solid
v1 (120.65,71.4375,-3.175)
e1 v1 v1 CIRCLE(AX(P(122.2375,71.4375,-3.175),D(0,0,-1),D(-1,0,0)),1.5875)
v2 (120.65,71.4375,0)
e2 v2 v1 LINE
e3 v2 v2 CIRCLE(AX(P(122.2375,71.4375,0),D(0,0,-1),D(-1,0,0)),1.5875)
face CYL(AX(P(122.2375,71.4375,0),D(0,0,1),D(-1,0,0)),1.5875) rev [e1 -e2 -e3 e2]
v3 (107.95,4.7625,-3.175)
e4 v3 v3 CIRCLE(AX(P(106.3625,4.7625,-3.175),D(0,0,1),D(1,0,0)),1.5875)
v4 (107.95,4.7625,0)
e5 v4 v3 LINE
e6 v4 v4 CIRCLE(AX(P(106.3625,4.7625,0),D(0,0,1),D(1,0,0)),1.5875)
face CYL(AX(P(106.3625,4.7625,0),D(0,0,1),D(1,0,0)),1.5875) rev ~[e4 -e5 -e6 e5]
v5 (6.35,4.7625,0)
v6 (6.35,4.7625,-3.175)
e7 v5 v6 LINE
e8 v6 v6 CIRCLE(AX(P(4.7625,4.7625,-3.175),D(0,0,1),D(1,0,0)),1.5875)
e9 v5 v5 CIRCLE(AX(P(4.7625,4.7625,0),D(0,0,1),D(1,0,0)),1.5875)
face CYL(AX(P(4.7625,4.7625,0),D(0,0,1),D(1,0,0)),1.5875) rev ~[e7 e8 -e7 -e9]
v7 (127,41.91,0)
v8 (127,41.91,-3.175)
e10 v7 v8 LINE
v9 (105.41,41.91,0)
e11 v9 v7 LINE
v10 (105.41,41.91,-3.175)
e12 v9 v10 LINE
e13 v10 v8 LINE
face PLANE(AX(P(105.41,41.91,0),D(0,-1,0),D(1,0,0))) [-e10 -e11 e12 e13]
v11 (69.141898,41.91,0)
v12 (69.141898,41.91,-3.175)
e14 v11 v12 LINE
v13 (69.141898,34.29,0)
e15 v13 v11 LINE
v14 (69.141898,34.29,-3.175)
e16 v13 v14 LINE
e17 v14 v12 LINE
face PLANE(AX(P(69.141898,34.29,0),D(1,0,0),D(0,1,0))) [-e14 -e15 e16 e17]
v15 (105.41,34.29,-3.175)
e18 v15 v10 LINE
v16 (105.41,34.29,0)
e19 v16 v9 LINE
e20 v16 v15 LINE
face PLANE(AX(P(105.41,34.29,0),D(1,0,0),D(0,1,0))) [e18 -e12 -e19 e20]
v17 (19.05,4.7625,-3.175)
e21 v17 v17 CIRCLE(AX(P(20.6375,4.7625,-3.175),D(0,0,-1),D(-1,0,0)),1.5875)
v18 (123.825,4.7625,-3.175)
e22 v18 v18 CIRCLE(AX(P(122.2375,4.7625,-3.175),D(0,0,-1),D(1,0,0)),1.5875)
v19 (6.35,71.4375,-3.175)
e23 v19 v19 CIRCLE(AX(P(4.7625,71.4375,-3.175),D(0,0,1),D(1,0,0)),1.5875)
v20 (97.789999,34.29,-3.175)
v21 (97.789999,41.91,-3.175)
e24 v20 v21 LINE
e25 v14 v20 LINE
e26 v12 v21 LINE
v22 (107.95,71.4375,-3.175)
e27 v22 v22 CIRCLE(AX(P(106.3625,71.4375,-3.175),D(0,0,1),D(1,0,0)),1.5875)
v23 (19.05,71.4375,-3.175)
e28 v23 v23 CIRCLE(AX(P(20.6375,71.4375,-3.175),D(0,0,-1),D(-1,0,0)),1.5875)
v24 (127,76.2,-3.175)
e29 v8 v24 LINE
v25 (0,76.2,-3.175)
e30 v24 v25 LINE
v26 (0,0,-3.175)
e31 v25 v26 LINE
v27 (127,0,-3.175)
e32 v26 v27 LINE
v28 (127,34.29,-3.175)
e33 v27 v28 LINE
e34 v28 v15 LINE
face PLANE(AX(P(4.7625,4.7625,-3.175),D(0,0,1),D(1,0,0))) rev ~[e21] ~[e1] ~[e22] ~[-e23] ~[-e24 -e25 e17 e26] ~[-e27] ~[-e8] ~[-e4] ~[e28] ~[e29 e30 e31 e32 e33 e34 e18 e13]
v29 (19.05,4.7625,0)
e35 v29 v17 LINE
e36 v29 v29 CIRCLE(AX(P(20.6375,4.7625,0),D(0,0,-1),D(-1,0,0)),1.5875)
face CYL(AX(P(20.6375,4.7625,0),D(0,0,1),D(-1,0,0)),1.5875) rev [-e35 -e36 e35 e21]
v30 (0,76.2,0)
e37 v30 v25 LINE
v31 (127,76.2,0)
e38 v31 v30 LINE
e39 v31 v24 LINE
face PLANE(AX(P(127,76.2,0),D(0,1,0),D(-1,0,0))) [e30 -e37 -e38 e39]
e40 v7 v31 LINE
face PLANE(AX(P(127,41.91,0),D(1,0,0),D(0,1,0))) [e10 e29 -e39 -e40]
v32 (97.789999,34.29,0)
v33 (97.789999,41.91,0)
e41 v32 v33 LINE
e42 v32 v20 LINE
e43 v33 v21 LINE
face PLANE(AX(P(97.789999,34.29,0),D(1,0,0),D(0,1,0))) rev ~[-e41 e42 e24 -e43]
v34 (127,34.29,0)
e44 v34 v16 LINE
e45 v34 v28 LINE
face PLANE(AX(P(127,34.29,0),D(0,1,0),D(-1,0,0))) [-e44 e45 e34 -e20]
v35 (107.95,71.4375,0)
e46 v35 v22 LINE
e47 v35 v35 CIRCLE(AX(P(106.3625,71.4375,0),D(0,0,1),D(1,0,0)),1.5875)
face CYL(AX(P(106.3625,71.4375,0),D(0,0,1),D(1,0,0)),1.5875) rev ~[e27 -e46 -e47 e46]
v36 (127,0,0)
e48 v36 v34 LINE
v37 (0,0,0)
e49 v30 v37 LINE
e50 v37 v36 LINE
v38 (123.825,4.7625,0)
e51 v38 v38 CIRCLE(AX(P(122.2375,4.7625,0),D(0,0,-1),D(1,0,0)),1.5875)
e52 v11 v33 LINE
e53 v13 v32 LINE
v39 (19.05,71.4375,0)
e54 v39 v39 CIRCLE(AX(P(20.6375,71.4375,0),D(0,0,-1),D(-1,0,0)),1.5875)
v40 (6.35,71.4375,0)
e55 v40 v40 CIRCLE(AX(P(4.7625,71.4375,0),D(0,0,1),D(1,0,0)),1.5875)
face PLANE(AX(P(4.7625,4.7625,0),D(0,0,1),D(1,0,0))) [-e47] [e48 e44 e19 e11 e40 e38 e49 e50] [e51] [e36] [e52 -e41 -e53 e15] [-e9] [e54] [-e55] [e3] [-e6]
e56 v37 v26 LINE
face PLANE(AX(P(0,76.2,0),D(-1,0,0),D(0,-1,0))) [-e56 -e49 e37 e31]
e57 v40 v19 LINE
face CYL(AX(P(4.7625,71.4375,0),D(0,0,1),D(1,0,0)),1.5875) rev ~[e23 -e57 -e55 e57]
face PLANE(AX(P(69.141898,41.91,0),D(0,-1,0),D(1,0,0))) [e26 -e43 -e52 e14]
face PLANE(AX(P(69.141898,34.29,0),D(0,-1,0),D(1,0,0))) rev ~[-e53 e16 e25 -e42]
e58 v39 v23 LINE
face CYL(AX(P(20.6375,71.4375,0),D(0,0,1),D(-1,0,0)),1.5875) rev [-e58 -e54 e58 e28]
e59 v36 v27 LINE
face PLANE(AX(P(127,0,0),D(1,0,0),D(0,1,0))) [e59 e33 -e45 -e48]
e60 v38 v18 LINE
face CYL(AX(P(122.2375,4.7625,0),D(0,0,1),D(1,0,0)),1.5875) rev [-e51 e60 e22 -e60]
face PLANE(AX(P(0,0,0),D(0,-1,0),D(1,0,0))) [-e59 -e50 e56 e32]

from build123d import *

# Parameters (mm, degrees)
F0_R     = 1.5875
F0_W     = 28.648101
F0_H     = 7.62
F1_DEPTH = 3.175


with BuildPart() as f1:
    # F0 (on Top) → F1 (new body)
    with BuildSketch(Plane.XY):
        with Locations((4.7625, 4.7625)):
            Circle(F0_R)
        with BuildLine():
            ThreePointArc((22.225, 4.7625), (20.6375, 6.35), (19.05, 4.7625))
            ThreePointArc((19.05, 4.7625), (20.6375, 3.175), (22.225, 4.7625))
        make_face()
        with Locations((106.3625, 4.7625)):
            Circle(F0_R)
        with Locations((106.3625, 71.4375)):
            Circle(F0_R)
        with BuildLine():
            ThreePointArc((22.225, 71.4375), (20.6375, 73.025), (19.05, 71.4375))
            ThreePointArc((19.05, 71.4375), (20.6375, 69.85), (22.225, 71.4375))
        make_face()
        with Locations((4.7625, 71.4375)):
            Circle(F0_R)
        with BuildLine():
            Line((0, 76.2), (0, 0))
            Line((0, 0), (12.7, 0))
            Line((12.7, 0), (114.3, 0))
            Line((114.3, 0), (114.3, 4.7625))
            Line((114.3, 4.7625), (120.65, 4.7625))
            ThreePointArc((120.65, 4.7625), (122.2375, 6.35), (123.825, 4.7625))
            Line((123.825, 4.7625), (127, 4.7625))
            Line((127, 4.7625), (127, 34.29))
            Line((127, 34.29), (105.41, 34.29))
            Line((105.41, 34.29), (105.41, 41.91))
            Line((105.41, 41.91), (127, 41.91))
            Line((127, 41.91), (127, 71.4375))
            Line((127, 71.4375), (123.825, 71.4375))
            ThreePointArc((123.825, 71.4375), (122.2375, 69.85), (120.65, 71.4375))
            Line((120.65, 71.4375), (114.3, 71.4375))
            Line((114.3, 71.4375), (114.3, 76.2))
            Line((114.3, 76.2), (12.7, 76.2))
            Line((12.7, 76.2), (0, 76.2))
        make_face()
        with Locations((4.7625, 4.7625)):
            Circle(F0_R, mode=Mode.SUBTRACT)
        with BuildLine():
            ThreePointArc((22.225, 4.7625), (20.6375, 3.175), (19.05, 4.7625))
            ThreePointArc((19.05, 4.7625), (20.6375, 6.35), (22.225, 4.7625))
        make_face(mode=Mode.SUBTRACT)
        with Locations((106.3625, 4.7625)):
            Circle(F0_R, mode=Mode.SUBTRACT)
        with Locations((83.465949, 38.1)):
            Rectangle(F0_W, F0_H, mode=Mode.SUBTRACT)
        with Locations((4.7625, 71.4375)):
            Circle(F0_R, mode=Mode.SUBTRACT)
        with BuildLine():
            ThreePointArc((22.225, 71.4375), (20.6375, 69.85), (19.05, 71.4375))
            ThreePointArc((19.05, 71.4375), (20.6375, 73.025), (22.225, 71.4375))
        make_face(mode=Mode.SUBTRACT)
        with Locations((106.3625, 71.4375)):
            Circle(F0_R, mode=Mode.SUBTRACT)
        with BuildLine():
            Line((114.3, 4.7625), (114.3, 0))
            Line((114.3, 0), (127, 0))
            Line((127, 0), (127, 4.7625))
            Line((127, 4.7625), (123.825, 4.7625))
            ThreePointArc((123.825, 4.7625), (122.2375, 3.175), (120.65, 4.7625))
            Line((120.65, 4.7625), (114.3, 4.7625))
        make_face()
        with BuildLine():
            Line((127, 76.2), (114.3, 76.2))
            Line((114.3, 76.2), (114.3, 71.4375))
            Line((114.3, 71.4375), (120.65, 71.4375))
            ThreePointArc((120.65, 71.4375), (122.2375, 73.025), (123.825, 71.4375))
            Line((123.825, 71.4375), (127, 71.4375))
            Line((127, 71.4375), (127, 76.2))
        make_face()
    extrude(amount=-F1_DEPTH)


solid = f1.part
